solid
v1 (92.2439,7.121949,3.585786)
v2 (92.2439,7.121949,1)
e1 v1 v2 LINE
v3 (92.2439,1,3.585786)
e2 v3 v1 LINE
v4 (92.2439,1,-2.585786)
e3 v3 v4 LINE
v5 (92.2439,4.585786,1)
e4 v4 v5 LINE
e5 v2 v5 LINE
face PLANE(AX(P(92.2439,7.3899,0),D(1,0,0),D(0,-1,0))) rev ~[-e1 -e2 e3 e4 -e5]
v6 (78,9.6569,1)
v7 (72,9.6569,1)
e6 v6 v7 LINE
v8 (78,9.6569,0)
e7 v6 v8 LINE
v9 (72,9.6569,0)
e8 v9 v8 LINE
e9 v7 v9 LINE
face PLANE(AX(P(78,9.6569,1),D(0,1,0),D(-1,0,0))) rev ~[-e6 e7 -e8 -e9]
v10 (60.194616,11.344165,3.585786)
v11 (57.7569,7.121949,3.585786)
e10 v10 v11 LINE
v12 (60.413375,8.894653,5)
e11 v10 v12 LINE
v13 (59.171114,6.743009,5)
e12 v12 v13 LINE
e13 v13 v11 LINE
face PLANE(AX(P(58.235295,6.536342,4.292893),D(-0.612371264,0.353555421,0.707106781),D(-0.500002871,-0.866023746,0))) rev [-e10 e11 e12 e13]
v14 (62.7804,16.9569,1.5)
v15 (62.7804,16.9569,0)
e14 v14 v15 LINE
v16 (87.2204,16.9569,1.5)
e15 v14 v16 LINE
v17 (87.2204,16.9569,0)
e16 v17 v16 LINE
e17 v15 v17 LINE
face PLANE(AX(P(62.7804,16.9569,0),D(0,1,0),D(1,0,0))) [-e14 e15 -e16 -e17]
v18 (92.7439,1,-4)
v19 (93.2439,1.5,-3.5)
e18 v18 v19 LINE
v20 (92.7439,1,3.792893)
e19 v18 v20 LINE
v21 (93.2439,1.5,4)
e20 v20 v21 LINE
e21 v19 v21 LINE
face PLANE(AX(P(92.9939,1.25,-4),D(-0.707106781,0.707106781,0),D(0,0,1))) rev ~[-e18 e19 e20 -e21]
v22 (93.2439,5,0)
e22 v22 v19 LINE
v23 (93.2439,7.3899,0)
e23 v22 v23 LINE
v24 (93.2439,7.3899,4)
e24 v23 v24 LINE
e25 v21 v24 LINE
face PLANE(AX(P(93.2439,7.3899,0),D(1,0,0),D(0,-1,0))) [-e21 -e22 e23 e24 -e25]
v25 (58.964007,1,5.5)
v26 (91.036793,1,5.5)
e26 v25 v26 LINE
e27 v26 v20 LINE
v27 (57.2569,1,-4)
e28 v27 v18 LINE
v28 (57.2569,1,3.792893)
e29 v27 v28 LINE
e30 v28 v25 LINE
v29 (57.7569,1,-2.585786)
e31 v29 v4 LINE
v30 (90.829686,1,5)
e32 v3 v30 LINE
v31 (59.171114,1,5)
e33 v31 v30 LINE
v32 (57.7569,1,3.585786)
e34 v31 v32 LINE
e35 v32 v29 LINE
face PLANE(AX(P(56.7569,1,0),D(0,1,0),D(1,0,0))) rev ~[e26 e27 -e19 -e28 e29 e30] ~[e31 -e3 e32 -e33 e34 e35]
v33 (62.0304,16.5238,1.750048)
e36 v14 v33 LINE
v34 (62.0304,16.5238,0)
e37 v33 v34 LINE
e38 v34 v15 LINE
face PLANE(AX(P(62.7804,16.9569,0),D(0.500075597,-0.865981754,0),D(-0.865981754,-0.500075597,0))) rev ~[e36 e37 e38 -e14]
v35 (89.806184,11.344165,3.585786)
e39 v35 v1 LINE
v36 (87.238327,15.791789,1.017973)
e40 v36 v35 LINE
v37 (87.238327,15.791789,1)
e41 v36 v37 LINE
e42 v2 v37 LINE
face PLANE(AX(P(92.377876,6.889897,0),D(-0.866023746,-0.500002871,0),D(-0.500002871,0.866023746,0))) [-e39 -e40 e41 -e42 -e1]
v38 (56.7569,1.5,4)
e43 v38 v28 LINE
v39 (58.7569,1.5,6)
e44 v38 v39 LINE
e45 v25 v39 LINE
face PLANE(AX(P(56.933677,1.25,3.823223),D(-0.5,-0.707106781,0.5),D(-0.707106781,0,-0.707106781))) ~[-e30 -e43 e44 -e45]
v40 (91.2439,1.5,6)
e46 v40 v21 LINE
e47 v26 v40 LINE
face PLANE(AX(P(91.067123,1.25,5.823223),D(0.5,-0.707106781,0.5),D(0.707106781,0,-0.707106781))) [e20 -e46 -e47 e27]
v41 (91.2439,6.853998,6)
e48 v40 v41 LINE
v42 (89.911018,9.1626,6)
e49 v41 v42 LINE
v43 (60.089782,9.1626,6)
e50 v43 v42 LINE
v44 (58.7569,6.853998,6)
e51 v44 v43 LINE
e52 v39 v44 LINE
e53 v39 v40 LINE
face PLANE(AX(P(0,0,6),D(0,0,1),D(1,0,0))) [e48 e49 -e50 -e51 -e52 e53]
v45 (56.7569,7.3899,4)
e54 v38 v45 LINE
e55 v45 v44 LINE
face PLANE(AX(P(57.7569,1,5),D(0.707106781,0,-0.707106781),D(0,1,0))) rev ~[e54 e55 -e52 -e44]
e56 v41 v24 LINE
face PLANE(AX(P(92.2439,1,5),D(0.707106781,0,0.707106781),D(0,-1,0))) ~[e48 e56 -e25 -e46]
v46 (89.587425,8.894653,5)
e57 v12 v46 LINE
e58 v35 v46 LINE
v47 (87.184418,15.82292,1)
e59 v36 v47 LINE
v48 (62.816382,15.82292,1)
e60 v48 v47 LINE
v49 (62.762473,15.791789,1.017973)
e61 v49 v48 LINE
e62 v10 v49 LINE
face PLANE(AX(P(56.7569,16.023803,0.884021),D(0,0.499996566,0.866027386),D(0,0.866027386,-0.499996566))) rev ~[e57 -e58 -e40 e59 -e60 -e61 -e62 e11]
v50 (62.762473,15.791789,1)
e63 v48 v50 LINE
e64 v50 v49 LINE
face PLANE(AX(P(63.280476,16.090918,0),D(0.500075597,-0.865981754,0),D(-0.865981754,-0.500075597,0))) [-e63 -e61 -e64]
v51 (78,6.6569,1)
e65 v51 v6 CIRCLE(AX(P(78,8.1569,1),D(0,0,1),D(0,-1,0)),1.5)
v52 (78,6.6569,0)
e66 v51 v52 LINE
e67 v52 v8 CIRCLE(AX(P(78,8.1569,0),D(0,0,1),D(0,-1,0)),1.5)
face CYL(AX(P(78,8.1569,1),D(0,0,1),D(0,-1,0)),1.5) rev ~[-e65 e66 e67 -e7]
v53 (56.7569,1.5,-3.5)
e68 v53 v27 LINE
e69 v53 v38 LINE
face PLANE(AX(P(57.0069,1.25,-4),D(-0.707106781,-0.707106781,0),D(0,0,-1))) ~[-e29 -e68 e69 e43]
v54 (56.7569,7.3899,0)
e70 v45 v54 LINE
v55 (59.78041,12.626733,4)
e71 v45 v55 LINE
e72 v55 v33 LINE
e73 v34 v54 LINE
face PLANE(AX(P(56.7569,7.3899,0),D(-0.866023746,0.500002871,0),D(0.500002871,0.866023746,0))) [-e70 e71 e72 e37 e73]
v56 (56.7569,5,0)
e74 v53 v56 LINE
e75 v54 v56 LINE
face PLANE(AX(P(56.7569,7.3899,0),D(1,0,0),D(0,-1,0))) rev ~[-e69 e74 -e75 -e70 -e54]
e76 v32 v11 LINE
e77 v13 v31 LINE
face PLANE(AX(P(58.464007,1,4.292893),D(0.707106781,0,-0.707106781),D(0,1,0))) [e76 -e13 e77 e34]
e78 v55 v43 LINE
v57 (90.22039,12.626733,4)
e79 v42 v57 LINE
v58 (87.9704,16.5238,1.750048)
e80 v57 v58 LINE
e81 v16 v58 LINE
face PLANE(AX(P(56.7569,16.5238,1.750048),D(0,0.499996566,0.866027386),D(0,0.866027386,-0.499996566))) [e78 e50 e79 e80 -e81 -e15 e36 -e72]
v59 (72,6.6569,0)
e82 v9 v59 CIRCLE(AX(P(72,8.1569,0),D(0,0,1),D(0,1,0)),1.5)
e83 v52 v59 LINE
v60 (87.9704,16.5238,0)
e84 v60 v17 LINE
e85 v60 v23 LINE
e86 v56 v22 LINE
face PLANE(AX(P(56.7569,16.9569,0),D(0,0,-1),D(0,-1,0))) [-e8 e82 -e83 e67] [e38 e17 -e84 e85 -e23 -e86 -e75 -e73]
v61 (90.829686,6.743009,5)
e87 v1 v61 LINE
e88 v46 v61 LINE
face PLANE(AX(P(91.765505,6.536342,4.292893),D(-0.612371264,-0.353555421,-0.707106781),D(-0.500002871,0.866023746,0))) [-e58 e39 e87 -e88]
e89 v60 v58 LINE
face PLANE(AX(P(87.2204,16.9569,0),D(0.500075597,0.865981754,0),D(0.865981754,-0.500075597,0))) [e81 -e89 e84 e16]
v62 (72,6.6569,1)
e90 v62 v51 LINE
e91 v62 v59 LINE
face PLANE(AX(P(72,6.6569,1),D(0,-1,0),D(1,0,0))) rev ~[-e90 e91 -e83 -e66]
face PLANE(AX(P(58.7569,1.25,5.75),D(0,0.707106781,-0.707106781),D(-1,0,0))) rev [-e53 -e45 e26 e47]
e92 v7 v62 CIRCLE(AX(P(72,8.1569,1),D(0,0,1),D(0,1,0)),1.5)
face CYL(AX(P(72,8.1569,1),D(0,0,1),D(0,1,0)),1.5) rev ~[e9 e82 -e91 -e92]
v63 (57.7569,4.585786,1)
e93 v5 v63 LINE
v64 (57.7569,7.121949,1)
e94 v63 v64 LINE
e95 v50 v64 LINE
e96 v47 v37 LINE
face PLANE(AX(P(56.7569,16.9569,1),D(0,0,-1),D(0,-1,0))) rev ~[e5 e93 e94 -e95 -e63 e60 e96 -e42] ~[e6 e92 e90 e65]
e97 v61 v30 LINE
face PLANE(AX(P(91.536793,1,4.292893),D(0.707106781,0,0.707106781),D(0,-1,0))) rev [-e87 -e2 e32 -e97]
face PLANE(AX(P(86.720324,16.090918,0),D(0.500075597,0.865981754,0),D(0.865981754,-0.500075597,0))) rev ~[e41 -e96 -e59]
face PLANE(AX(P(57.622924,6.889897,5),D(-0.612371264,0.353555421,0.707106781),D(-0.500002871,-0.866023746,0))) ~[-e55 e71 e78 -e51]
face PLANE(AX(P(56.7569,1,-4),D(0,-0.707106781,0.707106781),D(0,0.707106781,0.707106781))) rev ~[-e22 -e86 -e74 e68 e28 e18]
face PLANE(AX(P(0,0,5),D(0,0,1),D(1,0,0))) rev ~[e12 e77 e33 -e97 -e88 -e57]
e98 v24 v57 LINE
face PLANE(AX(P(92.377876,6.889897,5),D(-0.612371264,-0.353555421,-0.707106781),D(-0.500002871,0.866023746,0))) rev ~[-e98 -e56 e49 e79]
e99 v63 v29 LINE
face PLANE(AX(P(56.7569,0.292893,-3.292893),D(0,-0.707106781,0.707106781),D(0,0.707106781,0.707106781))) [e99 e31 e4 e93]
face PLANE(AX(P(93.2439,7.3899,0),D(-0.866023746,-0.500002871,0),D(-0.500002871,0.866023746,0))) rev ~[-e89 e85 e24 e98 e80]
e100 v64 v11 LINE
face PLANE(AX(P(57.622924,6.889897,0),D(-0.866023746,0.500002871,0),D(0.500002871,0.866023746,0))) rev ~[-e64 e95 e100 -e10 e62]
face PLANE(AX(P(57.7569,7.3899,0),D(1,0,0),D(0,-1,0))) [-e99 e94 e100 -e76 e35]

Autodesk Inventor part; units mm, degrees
ref_plane "YZ Plane" through (0, 0, 0) normal (1, 0, 0) x (0, 1, 0)
ref_plane "XZ Plane" through (0, 0, 0) normal (0, 1, 0) x (-1, 0, 0)
ref_plane "XY Plane" through (0, 0, 0) normal (0, 0, 1) x (1, 0, 0)
sketch "Эскиз1" plane through (0, 0, 0) normal (0, 0, 1) x (1, 0, 0)
  line L0 (54.2, 25) -> (95.8, 25) projected
  line L1 (54.2, 25) -> (54.2, 6.4142) projected
  line L2 (54.2, 6.4142) -> (55.9, 6.4142) projected
  line L3 (55.9, 5) -> (55.9, 6.4142) projected
  line L4 (94.1, 5) -> (55.9, 5) projected
  line L5 (94.1, 5) -> (94.1, 6.4142) projected
  line L6 (95.8, 6.4142) -> (94.1, 6.4142) projected
  line L7 (95.8, 25) -> (95.8, 6.4142) projected
  line L8 (78, 9.4569) -> (72, 9.4569) projected
  arc A0 (78, 6.4569) -> (78, 9.4569) centre (78, 7.9569) ccw projected
  line L9 (72, 6.4569) -> (78, 6.4569) projected
  arc A1 (72, 9.4569) -> (72, 6.4569) centre (72, 7.9569) ccw projected
  line L10 (52.2, 39.2872) -> (53.2, 35.5552) projected
  line L11 (52.2, 39.2872) -> (52.2, 10.774) projected
  line L12 (52.2, 10.774) -> (53.6142, 7.3598) projected
  line L13 (53.6142, 7.3598) -> (54.2, 6.774) projected
  line L14 (54.2, 6.774) -> (54.2, 8.5587) projected
  line L15 (54.2, 8.5587) -> (53.2, 10.9729) projected
  line L16 (53.2, 10.9729) -> (53.2, 35.5552) projected
  line L17 (97.8, 39.2872) -> (96.8, 35.5552) projected
  line L18 (96.8, 10.9729) -> (96.8, 35.5552) projected
  line L19 (95.8, 8.5587) -> (96.8, 10.9729) projected
  line L20 (95.8, 6.774) -> (95.8, 8.5587) projected
  line L21 (96.3858, 7.3598) -> (95.8, 6.774) projected
  line L22 (97.8, 10.774) -> (96.3858, 7.3598) projected
  line L23 (97.8, 39.2872) -> (97.8, 10.774) projected
  line L24 (53.6142, 7.3598) -> (54.2, 6.774) projected
  line L25 (10.2, 7.3598) -> (53.6142, 7.3598) projected
  line L26 (10.2, 1) -> (10.2, 7.3598) projected
  line L27 (10.2, 1) -> (139.8, 1) projected
  line L28 (139.8, 1) -> (139.8, 7.3598) projected
  line L29 (139.8, 7.3598) -> (96.3858, 7.3598) projected
  line L30 (96.3858, 7.3598) -> (95.8, 6.774) projected
  line L31 (95.8, 6.774) -> (95.8, 6.7) projected
  line L32 (95.8, 6.7) -> (94.1, 5) projected
  line L33 (94.1, 5) -> (55.9, 5) projected
  line L34 (54.2, 6.7) -> (55.9, 5) projected
  line L35 (54.2, 6.774) -> (54.2, 6.7) projected
  line L36 (93.2439, 7.3899) -> (87.9704, 16.5238)
  line L37 (62.7804, 16.9569) -> (87.2204, 16.9569)
  line L38 (56.7569, 7.3899) -> (62.0304, 16.5238)
  line L39 (87.2204, 16.9569) -> (87.9704, 16.5238)
  line L40 (62.7804, 16.9569) -> (62.0304, 16.5238)
  line L41 (72, 7.9569) -> (78, 7.9569)
  line L42 (56.7569, 7.3899) -> (56.7569, 1)
  line L43 (93.2439, 7.3899) -> (93.2439, 1)
  point P0 (0, 0)
  point P1 (75, 7.9569)
  dimension "d0" = 150
  dimension "d1" = 120
  dimension "d2" = 5.2735
  dimension "d3" = 9.567
  dimension "d4" = 23.517
  dimension "d5" = 31.5987
  dimension "d6" = 31.5987
  dimension "d7" = 9
extrude "Выдавливание1" add sketch "Эскиз1" along normal blind 6 and the other way blind 4 contours L42 L38 L40 L37 L39 L36 L43 L4 | L4 L43 L27 L42 | A0 L9 A1 L8
sketch "Эскиз2" plane through (56.7569, 1, 6) normal (-1, 0, 0) x (0, 0, 1)
  line L0 (-6, 18.0421) -> (-6, 6.7284) projected
  line L1 (-10, 0) -> (-3.6402, 6.3598) projected
  line L2 (-6, 6.7284) -> (-6, 4)
  line L3 (-10, 15.5238) -> (0, 15.5238) projected
  line L4 (0, 15.9569) -> (0, 15.5238) projected
  line L5 (-10, 15.9569) -> (0, 15.9569) projected
  line L6 (-10, 15.5238) -> (-10, 15.9569) projected
  line L7 (-10, 6.3899) -> (0, 6.3899) projected
  line L8 (0, 15.5238) -> (0, 6.3899) projected
  line L9 (-10, 15.5238) -> (0, 15.5238) projected
  line L10 (-10, 6.3899) -> (-10, 15.5238) projected
  line L11 (-10, 0) -> (0, 0) projected
  line L12 (0, 6.3899) -> (0, 0) projected
  line L13 (-10, 6.3899) -> (0, 6.3899) projected
  line L14 (-10, 0) -> (-10, 6.3899) projected
  line L15 (0, 6.3899) -> (0, 15.5238) projected
  line L16 (0, 8.1626) -> (-4.5, 15.9569)
  line L17 (0, 15.9569) -> (-10, 15.9569) projected
  point P0 (-6, -1)
  point P1 (-6, 15.9569)
  dimension "d13" = 30
  dimension "d14" = 1.5
extrude "Выдавливание2" cut sketch "Эскиз2" against normal through all contours L0 L3 L6 L5 | L0 L2 L7 L10 L3 | L5 L4 L3 L16 | L3 L8 L16 | L2 L1 L14 L7
chamfer "Фаска1" distance 2 angle 45 4 edges at (93.2439, 4.1949, 6) (56.7569, 4.1949, 6) (57.2686, 8.2762, 6) (92.7321, 8.2762, 6)
shell "Оболочка1" thickness 1 removed faces 1 at (80.4149, 1, -0.6667)
sketch "Эскиз3" plane through (57.7569, 4.5858, 1) normal (0, 0, 1) x (1, 0, 0)
  arc A0 (14.2431, 5.0711) -> (14.2431, 2.0711) centre (14.2431, 3.5711) ccw
  line L0 (20.2431, 5.0711) -> (14.2431, 5.0711)
  arc A1 (20.2431, 2.0711) -> (20.2431, 5.0711) centre (20.2431, 3.5711) ccw
  line L1 (14.2431, 2.0711) -> (20.2431, 2.0711)
  line L2 (35.487, 0.4142) -> (35.487, 2.8041) projected
  line L3 (-1, 0.4142) -> (35.487, 0.4142) projected
  line L4 (-1, 2.8041) -> (-1, 0.4142) projected
  line L5 (4.2735, 11.9381) -> (-1, 2.8041) projected
  line L6 (5.0235, 12.3711) -> (4.2735, 11.9381) projected
  line L7 (29.4635, 12.3711) -> (5.0235, 12.3711) projected
  line L8 (30.2135, 11.9381) -> (29.4635, 12.3711) projected
  line L9 (35.487, 2.8041) -> (30.2135, 11.9381) projected
  line L10 (20.2431, 4.8711) -> (14.2431, 4.8711) projected
  point P0 (-57.7569, -4.5858)
  point P1 (17.2435, 3.5711)
  dimension "d21" = 1.5
  dimension "d22" = 1.5
  dimension "d23" = 3.3538
  dimension "d24" = 6
  dimension "d25" = 0.2
extrude "Выдавливание3" cut sketch "Эскиз3" against normal blind 6 contours L0 A1 L1 A0
chamfer "Фаска2" distance 0.5 angle 45 5 edges at (75.0004, 1, 6) (56.7569, 1, 0) (57.7569, 1, 5) (93.2439, 1, 0) (92.2439, 1, 5)
properties part number "РучкаКрышки"
